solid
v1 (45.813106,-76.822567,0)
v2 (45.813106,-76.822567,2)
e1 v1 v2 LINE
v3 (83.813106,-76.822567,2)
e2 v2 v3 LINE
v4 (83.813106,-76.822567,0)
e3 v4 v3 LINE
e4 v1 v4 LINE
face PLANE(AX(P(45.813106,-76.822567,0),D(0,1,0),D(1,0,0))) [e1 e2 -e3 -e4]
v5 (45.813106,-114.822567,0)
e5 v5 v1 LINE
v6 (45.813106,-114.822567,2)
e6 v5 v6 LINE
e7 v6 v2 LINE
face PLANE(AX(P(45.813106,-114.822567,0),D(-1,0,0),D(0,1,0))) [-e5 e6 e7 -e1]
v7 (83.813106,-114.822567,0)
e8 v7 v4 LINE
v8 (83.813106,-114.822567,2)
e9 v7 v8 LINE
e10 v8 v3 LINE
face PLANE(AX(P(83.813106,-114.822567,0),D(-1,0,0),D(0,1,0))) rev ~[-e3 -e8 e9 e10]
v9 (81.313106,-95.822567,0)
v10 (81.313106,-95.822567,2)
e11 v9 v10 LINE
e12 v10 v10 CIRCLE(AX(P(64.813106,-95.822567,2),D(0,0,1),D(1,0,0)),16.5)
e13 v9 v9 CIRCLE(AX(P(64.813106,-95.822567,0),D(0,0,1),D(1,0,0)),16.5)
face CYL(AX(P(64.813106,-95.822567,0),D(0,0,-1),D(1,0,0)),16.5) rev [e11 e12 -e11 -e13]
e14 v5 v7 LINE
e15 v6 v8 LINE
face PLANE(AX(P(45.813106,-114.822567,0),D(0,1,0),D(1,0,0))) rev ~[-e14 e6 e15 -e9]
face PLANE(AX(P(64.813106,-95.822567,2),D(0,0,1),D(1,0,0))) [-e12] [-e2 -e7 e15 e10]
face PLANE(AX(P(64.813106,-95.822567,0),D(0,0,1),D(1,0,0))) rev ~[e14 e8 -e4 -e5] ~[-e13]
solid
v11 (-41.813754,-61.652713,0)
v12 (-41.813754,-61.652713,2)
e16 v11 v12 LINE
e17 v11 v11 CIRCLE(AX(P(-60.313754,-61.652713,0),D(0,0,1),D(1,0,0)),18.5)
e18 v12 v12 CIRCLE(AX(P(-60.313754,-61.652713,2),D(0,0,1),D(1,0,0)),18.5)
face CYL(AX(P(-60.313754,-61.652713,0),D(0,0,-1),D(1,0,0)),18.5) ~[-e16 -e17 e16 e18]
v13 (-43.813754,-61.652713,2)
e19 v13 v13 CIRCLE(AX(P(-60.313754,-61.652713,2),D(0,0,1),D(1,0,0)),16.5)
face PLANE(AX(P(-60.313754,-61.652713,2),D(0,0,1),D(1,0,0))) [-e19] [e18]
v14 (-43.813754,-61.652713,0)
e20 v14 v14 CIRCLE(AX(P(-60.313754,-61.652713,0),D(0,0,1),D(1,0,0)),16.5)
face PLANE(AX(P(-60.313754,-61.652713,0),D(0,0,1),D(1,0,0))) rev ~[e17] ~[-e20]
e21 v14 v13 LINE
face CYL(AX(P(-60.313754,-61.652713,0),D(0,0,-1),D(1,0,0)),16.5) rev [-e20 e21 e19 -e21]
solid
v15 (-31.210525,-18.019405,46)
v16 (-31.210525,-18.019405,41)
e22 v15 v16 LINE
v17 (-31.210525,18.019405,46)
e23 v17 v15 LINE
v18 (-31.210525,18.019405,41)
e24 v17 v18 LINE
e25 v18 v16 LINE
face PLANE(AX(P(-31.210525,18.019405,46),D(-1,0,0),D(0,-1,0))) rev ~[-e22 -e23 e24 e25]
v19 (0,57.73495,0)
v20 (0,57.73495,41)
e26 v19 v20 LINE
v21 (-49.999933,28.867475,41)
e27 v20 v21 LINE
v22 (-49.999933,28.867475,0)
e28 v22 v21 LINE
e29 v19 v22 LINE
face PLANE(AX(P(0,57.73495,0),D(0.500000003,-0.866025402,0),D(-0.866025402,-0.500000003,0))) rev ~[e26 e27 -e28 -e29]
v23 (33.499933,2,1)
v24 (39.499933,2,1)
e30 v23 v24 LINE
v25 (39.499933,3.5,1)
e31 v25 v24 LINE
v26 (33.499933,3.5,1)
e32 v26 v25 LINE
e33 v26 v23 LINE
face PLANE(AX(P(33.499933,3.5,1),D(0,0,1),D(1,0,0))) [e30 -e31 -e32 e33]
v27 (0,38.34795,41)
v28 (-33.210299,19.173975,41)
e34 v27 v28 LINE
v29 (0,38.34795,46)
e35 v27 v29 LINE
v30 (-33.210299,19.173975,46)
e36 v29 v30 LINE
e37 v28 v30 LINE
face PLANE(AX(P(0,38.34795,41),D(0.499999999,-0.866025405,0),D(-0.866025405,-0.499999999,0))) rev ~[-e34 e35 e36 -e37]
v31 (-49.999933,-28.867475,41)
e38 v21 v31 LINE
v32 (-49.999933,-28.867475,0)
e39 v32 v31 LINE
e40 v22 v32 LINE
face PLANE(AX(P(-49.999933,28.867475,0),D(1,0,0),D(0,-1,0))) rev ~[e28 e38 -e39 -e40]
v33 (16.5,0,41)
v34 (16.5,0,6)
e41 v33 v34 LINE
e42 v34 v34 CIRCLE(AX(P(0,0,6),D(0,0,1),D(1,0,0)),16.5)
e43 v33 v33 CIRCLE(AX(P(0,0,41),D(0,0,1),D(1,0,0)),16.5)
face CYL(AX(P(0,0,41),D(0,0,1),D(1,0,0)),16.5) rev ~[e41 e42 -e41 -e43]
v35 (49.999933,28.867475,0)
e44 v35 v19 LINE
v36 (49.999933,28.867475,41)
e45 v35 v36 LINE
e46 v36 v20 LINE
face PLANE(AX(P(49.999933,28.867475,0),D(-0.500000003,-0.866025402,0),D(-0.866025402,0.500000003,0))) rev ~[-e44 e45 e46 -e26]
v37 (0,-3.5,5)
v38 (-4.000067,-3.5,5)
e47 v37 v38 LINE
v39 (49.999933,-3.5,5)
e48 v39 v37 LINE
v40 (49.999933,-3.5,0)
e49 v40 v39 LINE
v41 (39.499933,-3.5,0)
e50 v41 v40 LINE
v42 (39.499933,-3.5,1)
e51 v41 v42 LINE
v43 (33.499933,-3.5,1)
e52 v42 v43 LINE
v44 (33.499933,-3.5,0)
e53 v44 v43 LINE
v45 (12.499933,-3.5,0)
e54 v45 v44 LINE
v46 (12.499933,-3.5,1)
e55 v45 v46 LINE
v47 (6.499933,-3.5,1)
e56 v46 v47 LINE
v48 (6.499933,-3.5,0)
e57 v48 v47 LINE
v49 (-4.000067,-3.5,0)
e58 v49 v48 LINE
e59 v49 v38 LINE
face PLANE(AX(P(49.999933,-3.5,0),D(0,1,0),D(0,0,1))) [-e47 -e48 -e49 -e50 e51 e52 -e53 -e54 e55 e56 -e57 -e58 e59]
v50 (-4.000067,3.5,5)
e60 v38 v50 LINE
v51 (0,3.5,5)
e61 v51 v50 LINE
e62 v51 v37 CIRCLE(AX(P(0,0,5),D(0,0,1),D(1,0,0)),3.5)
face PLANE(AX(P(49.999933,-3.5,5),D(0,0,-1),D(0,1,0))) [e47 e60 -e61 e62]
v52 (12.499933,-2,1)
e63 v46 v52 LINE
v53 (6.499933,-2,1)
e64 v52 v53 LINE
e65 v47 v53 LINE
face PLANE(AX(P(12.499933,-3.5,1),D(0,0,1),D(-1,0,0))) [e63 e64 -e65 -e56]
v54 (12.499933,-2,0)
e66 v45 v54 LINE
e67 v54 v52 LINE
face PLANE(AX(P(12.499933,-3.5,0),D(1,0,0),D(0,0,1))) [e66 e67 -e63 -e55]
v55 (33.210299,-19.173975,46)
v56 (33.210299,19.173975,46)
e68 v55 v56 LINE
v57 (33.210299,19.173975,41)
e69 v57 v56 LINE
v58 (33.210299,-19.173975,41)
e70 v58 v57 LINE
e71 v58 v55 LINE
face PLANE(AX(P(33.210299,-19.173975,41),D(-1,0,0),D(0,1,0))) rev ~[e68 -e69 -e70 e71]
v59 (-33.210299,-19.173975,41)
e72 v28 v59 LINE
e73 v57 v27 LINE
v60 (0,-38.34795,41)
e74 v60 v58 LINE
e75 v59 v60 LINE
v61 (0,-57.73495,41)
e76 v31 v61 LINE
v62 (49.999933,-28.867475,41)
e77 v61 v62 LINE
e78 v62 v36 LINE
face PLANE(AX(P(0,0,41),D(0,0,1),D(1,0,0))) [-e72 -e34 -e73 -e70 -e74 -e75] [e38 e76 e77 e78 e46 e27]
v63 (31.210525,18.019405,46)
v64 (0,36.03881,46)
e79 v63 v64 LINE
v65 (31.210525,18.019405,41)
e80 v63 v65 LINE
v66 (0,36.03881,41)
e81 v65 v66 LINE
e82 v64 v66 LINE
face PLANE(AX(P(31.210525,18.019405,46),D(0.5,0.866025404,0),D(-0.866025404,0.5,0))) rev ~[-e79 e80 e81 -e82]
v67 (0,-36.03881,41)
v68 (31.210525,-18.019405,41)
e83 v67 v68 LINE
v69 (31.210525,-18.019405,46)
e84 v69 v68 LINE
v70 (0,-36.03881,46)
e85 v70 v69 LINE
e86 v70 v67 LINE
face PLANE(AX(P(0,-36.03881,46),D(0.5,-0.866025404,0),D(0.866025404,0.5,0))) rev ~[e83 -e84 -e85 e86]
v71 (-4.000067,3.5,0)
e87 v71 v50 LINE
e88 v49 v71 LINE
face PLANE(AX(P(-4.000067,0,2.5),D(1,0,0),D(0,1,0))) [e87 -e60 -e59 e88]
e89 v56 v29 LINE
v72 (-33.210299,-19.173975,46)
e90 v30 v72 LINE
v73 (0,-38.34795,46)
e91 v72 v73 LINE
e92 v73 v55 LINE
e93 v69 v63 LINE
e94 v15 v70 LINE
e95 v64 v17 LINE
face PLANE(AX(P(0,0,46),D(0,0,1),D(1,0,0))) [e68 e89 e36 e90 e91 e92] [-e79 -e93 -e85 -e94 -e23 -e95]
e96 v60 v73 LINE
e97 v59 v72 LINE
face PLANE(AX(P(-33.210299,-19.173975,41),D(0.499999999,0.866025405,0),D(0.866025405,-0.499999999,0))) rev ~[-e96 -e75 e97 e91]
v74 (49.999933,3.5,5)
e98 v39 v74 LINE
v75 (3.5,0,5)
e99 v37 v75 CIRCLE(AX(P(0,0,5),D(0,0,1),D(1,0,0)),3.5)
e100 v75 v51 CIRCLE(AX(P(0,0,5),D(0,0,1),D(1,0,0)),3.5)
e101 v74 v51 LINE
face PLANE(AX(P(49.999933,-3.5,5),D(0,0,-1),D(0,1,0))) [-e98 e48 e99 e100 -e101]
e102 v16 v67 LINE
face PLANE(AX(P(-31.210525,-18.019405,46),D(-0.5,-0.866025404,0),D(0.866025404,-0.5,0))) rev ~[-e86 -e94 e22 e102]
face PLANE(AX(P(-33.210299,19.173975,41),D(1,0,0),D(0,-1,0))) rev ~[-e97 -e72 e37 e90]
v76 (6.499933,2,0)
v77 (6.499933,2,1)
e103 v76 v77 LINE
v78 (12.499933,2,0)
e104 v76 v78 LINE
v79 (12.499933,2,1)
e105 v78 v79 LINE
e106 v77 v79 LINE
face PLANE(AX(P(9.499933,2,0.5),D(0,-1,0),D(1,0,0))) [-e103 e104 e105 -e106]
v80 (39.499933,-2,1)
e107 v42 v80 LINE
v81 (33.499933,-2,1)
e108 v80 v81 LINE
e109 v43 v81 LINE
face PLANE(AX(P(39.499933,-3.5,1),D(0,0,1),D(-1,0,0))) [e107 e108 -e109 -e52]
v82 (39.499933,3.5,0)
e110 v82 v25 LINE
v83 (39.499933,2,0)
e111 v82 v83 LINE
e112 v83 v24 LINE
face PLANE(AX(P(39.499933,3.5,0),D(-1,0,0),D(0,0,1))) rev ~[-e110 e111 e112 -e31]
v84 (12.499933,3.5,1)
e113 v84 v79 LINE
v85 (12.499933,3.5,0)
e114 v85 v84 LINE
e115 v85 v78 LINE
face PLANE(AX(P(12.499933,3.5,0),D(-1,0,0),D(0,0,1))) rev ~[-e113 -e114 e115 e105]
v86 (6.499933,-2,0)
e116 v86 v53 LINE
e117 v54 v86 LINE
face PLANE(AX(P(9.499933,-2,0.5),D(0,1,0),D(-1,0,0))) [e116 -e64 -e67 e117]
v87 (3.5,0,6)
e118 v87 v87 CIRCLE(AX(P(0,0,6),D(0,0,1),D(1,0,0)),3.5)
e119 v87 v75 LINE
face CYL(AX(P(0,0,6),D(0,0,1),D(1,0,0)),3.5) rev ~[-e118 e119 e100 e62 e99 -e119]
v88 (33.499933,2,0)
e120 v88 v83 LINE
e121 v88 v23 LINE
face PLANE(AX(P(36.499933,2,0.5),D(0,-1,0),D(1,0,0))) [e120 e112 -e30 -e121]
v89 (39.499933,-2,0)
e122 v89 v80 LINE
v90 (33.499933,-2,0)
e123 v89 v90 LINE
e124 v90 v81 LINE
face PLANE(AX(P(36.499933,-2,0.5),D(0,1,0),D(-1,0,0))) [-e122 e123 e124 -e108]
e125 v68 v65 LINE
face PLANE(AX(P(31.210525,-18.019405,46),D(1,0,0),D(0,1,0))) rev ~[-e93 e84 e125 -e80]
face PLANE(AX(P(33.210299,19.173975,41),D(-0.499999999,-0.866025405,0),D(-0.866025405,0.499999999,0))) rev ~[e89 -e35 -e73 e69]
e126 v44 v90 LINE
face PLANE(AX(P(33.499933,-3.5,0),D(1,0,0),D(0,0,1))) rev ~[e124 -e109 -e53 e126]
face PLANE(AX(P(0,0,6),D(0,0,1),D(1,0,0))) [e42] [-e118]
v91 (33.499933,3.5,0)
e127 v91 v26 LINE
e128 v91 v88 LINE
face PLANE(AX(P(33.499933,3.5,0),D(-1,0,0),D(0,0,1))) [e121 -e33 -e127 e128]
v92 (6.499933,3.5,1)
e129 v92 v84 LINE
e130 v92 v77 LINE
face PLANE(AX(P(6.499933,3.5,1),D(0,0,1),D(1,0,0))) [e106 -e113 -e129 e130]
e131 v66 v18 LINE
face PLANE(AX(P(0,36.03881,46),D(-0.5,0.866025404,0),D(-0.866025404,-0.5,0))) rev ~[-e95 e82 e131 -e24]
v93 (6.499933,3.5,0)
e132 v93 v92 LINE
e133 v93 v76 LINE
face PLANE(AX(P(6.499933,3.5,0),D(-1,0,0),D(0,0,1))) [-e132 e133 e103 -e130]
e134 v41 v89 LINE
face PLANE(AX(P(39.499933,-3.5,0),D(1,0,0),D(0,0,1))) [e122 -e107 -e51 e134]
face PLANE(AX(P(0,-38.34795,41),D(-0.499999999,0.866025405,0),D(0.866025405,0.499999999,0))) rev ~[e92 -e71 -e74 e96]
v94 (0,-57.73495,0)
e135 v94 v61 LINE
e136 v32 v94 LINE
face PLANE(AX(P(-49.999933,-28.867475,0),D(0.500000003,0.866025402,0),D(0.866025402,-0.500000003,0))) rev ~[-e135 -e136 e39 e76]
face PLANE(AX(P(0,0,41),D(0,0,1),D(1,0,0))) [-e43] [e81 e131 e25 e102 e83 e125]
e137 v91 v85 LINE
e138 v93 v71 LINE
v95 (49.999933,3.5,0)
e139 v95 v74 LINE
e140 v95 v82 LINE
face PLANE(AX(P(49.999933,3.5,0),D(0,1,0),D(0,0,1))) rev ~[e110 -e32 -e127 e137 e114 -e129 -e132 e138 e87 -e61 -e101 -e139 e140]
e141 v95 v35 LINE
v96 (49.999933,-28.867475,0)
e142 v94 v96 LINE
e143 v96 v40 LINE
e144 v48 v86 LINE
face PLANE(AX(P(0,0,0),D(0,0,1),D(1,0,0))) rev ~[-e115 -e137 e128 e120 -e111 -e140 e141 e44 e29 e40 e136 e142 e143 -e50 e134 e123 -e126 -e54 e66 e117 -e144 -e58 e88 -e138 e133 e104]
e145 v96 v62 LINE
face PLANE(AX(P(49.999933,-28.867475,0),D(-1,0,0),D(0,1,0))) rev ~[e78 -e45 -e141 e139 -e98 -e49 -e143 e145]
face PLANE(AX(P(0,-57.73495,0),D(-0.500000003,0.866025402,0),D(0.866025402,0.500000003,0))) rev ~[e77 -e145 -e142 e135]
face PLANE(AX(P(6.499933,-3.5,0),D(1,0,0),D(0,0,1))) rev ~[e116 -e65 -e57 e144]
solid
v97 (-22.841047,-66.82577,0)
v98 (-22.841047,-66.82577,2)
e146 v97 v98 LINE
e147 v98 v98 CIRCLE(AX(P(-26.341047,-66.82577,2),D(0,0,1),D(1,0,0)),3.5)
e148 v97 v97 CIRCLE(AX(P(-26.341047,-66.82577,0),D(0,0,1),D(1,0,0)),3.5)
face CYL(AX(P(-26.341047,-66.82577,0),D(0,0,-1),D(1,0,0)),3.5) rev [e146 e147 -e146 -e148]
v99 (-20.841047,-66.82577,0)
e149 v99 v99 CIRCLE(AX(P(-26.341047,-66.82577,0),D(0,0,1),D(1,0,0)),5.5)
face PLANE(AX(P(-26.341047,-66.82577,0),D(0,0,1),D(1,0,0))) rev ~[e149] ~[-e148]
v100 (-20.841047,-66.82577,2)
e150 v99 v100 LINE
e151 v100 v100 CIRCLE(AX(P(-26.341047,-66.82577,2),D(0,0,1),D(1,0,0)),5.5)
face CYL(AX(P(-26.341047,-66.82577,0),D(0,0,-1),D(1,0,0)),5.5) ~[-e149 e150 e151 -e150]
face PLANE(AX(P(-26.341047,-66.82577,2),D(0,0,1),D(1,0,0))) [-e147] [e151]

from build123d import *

# Parameters (mm, degrees)
F1_DEPTH  = 41
F3_DEPTH  = 5
F5_DEPTH  = 5
F6_R      = 16.5
F7_DEPTH  = 35
F9_R      = 3.5
F10_DEPTH = 25
F11_W     = 7
F11_H     = 5
F12_DEPTH = 54
F13_W     = 6
F13_H     = 1
F14_DEPTH = 1.5
F15_W     = 6
F15_H     = 1
F16_DEPTH = 1.5
F17_R     = 18.5
F17_R_2   = 16.5
F18_DEPTH = 2
F19_R     = 5.5
F19_R_2   = 3.5
F20_DEPTH = 2
F21_W     = 38
F21_H     = 38
F21_R     = 16.5
F22_DEPTH = 2


with BuildPart() as f1:
    # F0 (on Top) → F1 (new body)
    with BuildSketch(Plane.XY):
        Polygon((49.999933, 28.867475), (0, 57.73495), (-49.999933, 28.867475), (-49.999933, -28.867475), (0, -57.73495), (49.999933, -28.867475), align=None)
    extrude(amount=F1_DEPTH)

    # F2 (on face) → F3 (join)
    with BuildSketch(Plane.XY.offset(41)):
        Polygon((33.210299, 19.173975), (0, 38.34795), (-33.210299, 19.173975), (-33.210299, -19.173975), (0, -38.34795), (33.210299, -19.173975), align=None)
    extrude(amount=F3_DEPTH)

    # F4 (on face) → F5 (cut)
    with BuildSketch(Plane.XY.offset(46)):
        Polygon((31.210525, 18.019405), (0, 36.03881), (-31.210525, 18.019405), (-31.210525, -18.019405), (0, -36.03881), (31.210525, -18.019405), align=None)
    extrude(amount=-F5_DEPTH, mode=Mode.SUBTRACT)

    # F6 (on face) → F7 (cut)
    with BuildSketch(Plane.XY.offset(41)):
        Circle(F6_R)
    extrude(amount=-F7_DEPTH, mode=Mode.SUBTRACT)

    # F9 (on face) → F10 (cut)
    with BuildSketch(Plane.XY.offset(6)):
        Circle(F9_R)
    extrude(amount=-F10_DEPTH, mode=Mode.SUBTRACT)

    # F11 (on face) → F12 (cut)
    with BuildSketch(Plane.YZ.offset(49.999933)):
        with Locations((0, 2.5)):
            Rectangle(F11_W, F11_H)
    extrude(amount=-F12_DEPTH, mode=Mode.SUBTRACT)

    # F13 (on face) → F14 (join)
    with BuildSketch(Plane(origin=(0, -3.5, 0), x_dir=(-1, 0, 0), z_dir=(0, 1, 0))):
        with Locations((-9.499933, 0.5)):
            Rectangle(F13_W, F13_H)
        with Locations((-36.499933, 0.5)):
            Rectangle(F13_W, F13_H)
    extrude(amount=F14_DEPTH)

    # F15 (on face) → F16 (join)
    with BuildSketch(Plane.XZ.offset(-3.5)):
        with Locations((36.499933, 0.5)):
            Rectangle(F15_W, F15_H)
        with Locations((9.499933, 0.5)):
            Rectangle(F15_W, F15_H)
    extrude(amount=F16_DEPTH)


with BuildPart() as f18:
    # F17 (on Top) → F18 (new body)
    with BuildSketch(Plane.XY):
        with Locations((-60.313754, -61.652713)):
            Circle(F17_R)
        with Locations((-60.313754, -61.652713)):
            Circle(F17_R_2, mode=Mode.SUBTRACT)
    extrude(amount=F18_DEPTH)


with BuildPart() as f20:
    # F19 (on Top) → F20 (new body)
    with BuildSketch(Plane.XY):
        with Locations((-26.341047, -66.82577)):
            Circle(F19_R)
        with Locations((-26.341047, -66.82577)):
            Circle(F19_R_2, mode=Mode.SUBTRACT)
    extrude(amount=F20_DEPTH)


with BuildPart() as f22:
    # F21 (on Top) → F22 (new body)
    with BuildSketch(Plane.XY):
        with Locations((64.813106, -95.822567)):
            Rectangle(F21_W, F21_H)
        with Locations((64.813106, -95.822567)):
            Circle(F21_R, mode=Mode.SUBTRACT)
    extrude(amount=F22_DEPTH)


solid = Compound([f1.part, f18.part, f20.part, f22.part])
